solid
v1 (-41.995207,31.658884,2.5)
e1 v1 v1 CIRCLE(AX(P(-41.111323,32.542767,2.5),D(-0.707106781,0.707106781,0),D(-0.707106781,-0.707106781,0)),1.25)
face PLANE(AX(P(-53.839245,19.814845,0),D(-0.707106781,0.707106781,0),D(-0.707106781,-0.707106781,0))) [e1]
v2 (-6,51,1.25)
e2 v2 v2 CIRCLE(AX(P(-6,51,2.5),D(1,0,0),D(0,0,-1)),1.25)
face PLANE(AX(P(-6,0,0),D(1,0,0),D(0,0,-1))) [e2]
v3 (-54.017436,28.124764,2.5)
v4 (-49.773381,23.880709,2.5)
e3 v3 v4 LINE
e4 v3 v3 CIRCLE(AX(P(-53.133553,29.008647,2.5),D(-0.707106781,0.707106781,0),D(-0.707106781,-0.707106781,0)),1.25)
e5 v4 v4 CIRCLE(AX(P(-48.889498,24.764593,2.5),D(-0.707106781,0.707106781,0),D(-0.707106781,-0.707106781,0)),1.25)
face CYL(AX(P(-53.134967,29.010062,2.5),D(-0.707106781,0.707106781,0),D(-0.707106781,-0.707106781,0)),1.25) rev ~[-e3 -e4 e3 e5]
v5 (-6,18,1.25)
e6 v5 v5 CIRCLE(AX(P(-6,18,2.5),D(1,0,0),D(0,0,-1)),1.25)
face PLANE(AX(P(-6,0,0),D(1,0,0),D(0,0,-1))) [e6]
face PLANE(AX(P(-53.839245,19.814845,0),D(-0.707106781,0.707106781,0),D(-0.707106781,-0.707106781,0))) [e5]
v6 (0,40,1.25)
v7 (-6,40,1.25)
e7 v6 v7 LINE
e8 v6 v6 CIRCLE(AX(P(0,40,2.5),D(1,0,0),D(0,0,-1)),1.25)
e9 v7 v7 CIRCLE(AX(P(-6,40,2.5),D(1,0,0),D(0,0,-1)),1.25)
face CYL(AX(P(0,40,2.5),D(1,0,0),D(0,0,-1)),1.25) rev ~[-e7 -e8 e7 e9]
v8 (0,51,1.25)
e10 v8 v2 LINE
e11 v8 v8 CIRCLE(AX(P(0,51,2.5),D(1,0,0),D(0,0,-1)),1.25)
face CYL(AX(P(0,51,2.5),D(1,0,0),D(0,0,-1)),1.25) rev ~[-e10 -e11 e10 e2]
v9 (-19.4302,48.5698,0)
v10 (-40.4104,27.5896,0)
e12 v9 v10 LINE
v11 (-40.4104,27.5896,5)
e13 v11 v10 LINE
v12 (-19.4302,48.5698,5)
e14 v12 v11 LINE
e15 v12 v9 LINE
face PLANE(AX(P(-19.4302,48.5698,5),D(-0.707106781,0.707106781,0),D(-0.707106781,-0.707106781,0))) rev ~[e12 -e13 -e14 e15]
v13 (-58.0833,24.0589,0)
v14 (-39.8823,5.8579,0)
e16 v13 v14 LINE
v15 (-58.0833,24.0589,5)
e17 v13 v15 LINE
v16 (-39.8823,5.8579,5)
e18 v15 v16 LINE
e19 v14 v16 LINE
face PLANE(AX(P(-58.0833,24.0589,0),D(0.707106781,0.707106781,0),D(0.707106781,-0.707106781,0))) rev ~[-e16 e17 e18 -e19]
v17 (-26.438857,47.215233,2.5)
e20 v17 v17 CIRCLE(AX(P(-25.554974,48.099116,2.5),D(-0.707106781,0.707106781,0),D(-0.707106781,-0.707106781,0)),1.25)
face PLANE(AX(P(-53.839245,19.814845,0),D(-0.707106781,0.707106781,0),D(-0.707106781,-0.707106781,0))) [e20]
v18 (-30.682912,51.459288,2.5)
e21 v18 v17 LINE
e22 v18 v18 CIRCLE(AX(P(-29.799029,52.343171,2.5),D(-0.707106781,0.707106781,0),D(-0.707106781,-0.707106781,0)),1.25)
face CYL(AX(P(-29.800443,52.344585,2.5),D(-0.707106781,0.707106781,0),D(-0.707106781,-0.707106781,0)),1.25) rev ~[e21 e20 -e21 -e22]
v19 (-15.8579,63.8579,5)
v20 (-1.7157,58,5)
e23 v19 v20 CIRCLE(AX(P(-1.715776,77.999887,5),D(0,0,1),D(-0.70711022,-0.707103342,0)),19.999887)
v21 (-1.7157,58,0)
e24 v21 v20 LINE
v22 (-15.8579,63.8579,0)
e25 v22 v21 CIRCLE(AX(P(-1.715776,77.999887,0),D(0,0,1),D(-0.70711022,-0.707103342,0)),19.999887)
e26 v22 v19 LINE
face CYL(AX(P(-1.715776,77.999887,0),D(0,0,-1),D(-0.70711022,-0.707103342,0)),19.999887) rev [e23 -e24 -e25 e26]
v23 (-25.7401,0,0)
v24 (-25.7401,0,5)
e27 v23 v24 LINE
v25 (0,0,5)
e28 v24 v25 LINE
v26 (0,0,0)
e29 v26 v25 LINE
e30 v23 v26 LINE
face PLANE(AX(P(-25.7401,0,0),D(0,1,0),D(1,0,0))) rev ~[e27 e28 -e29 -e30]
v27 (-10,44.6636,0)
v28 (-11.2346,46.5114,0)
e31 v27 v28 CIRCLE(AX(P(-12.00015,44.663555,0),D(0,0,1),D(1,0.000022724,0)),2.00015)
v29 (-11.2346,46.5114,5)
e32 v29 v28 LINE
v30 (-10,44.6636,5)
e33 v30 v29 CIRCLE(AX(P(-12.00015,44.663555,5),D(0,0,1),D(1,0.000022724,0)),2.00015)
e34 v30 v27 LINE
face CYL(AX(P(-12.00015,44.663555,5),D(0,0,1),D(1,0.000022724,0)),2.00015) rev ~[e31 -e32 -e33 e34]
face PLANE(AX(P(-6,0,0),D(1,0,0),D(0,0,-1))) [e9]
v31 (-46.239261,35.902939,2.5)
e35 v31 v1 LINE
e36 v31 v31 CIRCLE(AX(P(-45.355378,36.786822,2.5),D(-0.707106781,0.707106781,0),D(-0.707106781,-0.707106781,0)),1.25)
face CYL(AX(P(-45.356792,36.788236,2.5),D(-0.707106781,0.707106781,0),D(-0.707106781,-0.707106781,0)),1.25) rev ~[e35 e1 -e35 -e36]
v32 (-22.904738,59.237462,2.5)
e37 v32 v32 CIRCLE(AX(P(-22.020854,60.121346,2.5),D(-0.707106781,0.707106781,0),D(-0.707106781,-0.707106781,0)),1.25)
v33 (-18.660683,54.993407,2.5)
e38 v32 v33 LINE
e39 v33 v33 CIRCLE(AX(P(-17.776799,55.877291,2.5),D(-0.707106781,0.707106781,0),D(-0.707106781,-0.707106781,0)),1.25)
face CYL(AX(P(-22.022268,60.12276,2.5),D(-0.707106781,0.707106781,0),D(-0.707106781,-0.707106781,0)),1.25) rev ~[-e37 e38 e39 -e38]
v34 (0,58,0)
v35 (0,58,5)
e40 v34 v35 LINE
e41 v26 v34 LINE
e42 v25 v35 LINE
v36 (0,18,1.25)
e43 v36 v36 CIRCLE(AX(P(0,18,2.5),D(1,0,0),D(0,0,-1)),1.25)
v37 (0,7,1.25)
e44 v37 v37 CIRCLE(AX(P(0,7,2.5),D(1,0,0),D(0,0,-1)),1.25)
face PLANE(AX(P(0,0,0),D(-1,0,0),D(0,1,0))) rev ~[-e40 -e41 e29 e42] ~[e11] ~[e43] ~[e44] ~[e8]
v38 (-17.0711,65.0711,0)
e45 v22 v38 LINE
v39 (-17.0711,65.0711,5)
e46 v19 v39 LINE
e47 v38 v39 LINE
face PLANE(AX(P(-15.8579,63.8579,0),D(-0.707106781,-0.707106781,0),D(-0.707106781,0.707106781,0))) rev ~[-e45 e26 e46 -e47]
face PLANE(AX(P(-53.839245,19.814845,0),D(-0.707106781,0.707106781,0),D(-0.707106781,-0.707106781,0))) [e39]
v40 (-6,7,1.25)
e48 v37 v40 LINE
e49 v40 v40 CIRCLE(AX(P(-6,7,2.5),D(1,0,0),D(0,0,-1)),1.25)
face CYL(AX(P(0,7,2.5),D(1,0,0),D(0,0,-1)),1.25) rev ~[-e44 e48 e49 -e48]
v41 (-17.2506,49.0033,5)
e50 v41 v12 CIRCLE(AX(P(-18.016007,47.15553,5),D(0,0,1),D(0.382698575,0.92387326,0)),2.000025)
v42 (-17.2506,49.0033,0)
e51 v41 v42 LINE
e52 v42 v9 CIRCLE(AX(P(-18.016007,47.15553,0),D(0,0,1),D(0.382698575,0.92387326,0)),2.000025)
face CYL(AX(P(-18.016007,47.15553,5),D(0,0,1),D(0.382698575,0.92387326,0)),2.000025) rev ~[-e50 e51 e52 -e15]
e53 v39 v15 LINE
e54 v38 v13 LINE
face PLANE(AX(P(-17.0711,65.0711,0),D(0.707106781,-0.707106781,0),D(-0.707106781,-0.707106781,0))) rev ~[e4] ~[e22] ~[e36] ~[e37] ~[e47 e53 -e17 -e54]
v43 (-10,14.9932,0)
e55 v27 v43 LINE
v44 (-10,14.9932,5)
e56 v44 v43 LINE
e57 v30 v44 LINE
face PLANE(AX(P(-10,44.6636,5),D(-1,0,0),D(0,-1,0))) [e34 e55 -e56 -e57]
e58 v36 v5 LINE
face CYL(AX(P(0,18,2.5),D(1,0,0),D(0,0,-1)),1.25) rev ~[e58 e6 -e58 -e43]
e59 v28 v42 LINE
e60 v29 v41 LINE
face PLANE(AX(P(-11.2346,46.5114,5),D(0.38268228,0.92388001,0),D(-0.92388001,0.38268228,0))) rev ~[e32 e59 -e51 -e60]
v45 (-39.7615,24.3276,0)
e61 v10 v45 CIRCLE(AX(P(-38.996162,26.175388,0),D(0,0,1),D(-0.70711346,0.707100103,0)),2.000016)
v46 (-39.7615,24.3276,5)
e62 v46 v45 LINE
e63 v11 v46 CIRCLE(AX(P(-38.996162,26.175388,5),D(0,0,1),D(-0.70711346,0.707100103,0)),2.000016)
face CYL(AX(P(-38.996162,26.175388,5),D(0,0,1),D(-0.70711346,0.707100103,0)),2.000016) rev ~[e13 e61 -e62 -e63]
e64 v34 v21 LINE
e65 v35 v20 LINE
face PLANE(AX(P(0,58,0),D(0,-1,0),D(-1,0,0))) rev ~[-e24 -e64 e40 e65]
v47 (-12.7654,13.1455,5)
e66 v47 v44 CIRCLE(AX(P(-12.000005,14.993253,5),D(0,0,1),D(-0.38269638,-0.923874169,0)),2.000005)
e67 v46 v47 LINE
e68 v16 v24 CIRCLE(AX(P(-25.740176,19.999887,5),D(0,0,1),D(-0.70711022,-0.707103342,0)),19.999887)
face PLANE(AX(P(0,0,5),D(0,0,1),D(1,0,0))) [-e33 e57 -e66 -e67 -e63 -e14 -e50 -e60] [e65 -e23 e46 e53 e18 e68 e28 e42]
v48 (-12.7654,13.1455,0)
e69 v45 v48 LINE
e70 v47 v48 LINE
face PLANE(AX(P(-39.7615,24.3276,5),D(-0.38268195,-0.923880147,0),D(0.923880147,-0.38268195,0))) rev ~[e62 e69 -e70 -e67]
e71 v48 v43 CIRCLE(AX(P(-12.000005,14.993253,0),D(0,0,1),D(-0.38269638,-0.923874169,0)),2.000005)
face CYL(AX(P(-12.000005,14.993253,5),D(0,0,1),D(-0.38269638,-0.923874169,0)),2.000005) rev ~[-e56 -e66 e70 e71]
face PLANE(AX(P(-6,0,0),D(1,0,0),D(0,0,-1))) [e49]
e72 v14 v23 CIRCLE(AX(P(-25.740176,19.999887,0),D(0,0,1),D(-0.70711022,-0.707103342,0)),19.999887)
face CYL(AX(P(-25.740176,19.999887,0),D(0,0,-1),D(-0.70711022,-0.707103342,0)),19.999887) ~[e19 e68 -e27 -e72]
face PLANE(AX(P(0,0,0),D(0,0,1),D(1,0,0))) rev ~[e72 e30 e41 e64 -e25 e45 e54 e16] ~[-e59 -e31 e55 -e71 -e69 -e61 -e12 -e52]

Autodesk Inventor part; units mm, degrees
ref_plane "YZ Plane" through (0, 0, 0) normal (1, 0, 0) x (0, 1, 0)
ref_plane "XZ Plane" through (0, 0, 0) normal (0, 1, 0) x (-1, 0, 0)
ref_plane "XY Plane" through (0, 0, 0) normal (0, 0, 1) x (1, 0, 0)
sketch "스케치1" plane through (0, 0, 0) normal (0, 0, 1) x (1, 0, 0)
  line L0 (0, 0) -> (0, 58)
  line L1 (0, 58) -> (-1.7157, 58)
  line L2 (-15.8579, 63.8579) -> (-17.0711, 65.0711)
  line L3 (-10, 58) -> (-8.2843, 58) construction
  line L4 (-17.0711, 65.0711) -> (-58.0833, 24.0589)
  line L5 (-58.0833, 24.0589) -> (-39.8823, 5.8579)
  line L6 (-25.7401, 0) -> (0, 0)
  arc A0 (-15.8579, 63.8579) -> (-1.7157, 58) centre (-1.7157, 78) ccw
  arc A1 (-39.8823, 5.8579) -> (-25.7401, 0) centre (-25.7401, 20) ccw
  point P0 (-34.0244, 0)
  dimension "d4" = 58
  dimension "d5" = 10
  dimension "d7" = 10
  dimension "d8" = 135
  dimension "d11" = 58
  dimension "d14" = 135
  dimension "d16" = 20
  dimension "d53" = 45
extrude "돌출1" add sketch "스케치1" along normal blind 5
sketch "스케치3" plane through (0, 0, 5) normal (0, 0, 1) x (1, 0, 0)
  line L0 (-19.4302, 48.5698) -> (-40.4104, 27.5896)
  line L1 (-17.0711, 65.0711) -> (-58.0833, 24.0589) projected
  line L2 (-58.0833, 24.0589) -> (-39.8823, 5.8579) projected
  line L3 (-15.8579, 63.8579) -> (-17.0711, 65.0711) projected
  line L4 (-10, 44.6636) -> (-10, 14.9932)
  line L5 (0, 58) -> (-1.7157, 58) projected
  line L6 (-25.7401, 0) -> (0, 0) projected
  line L7 (0, 0) -> (0, 58) projected
  line L8 (-39.7615, 24.3276) -> (-12.7654, 13.1455)
  line L9 (-11.2346, 46.5114) -> (-17.2506, 49.0033)
  arc A0 (-40.4104, 27.5896) -> (-39.7615, 24.3276) centre (-38.9962, 26.1754) ccw
  arc A1 (-12.7654, 13.1455) -> (-10, 14.9932) centre (-12, 14.9932) ccw
  arc A2 (-10, 44.6636) -> (-11.2346, 46.5114) centre (-12, 44.6636) ccw
  arc A3 (-17.2506, 49.0033) -> (-19.4302, 48.5698) centre (-18.016, 47.1556) ccw
  point P0 (-43.9411, 24.0589)
  point P1 (-36.8701, 16.9878)
  point P2 (-10, 10)
  point P3 (-20, 10)
  point P4 (-18.4853, 49.5147)
  point P5 (-42.5269, 25.4731)
  point P6 (-10, 46)
  point P7 (-10, 12)
  dimension "d17" = 10
  dimension "d20" = 10
  dimension "d23" = 10
  dimension "d24" = 10
  dimension "d52" = 2
extrude "돌출2" cut sketch "스케치3" against normal blind 6
sketch "스케치4" plane through (-58.0833, 24.0589, 0) normal (-0.7071, 0.7071, 0) x (-0.7071, -0.7071, 0)
  line L0 (-58, 0) -> (-58, 5) projected
  line L1 (-58, 2.5) -> (0, 2.5) construction
  line L2 (0, 0) -> (0, 5) projected
  circle A0 centre (-51, 2.5) radius 1.25
  circle A1 centre (-40, 2.5) radius 1.25
  circle A2 centre (-18, 2.5) radius 1.25
  circle A3 centre (-7, 2.5) radius 1.25
  point P0 (-24.0589, 0)
  dimension "d29" = 2.5
  dimension "d30" = 2.5
  dimension "d31" = 2.5
  dimension "d32" = 2.5
  dimension "d33" = 7
  dimension "d34" = 11
  dimension "d35" = 22
  dimension "d36" = 11
extrude "돌출3" cut sketch "스케치4" against normal blind 6
sketch "스케치5" plane through (0, 0, 0) normal (1, 0, 0) x (0, 0, -1)
  line L0 (0, 58) -> (-5, 58) projected
  line L1 (-2.5, 58) -> (-2.5, 17.6545) construction
  circle A0 centre (-2.5, 51) radius 1.25
  circle A1 centre (-2.5, 40) radius 1.25
  circle A2 centre (-2.5, 18) radius 1.25
  circle A3 centre (-2.5, 7) radius 1.25
  line L2 (0, 0) -> (-5, 0) projected
  dimension "d39" = 2.5
  dimension "d40" = 2.5
  dimension "d41" = 2.5
  dimension "d42" = 2.5
  dimension "d43" = 7
  dimension "d44" = 11
  dimension "d45" = 11
  dimension "d47" = 7
extrude "돌출4" cut sketch "스케치5" against normal blind 6
sketch "스케치6" plane through (0, 0, 0) normal (1, 0, 0) x (0, 0, -1)
  circle A0 centre (-2.5, 40) radius 1.25 projected
  circle A1 centre (-2.5, 18) radius 1.25 projected
  circle A2 centre (-2.5, 51) radius 1.25 projected
  circle A3 centre (-2.5, 7) radius 1.25 projected
  line L0 (0, 0) -> (0, 58) projected
  line L1 (0, 58) -> (-5, 58) projected
  line L2 (-5, 0) -> (-5, 58) projected
  line L3 (0, 0) -> (-5, 0) projected
properties part number "조인트3_박스사이드_6T" material "알루미늄 6061"
